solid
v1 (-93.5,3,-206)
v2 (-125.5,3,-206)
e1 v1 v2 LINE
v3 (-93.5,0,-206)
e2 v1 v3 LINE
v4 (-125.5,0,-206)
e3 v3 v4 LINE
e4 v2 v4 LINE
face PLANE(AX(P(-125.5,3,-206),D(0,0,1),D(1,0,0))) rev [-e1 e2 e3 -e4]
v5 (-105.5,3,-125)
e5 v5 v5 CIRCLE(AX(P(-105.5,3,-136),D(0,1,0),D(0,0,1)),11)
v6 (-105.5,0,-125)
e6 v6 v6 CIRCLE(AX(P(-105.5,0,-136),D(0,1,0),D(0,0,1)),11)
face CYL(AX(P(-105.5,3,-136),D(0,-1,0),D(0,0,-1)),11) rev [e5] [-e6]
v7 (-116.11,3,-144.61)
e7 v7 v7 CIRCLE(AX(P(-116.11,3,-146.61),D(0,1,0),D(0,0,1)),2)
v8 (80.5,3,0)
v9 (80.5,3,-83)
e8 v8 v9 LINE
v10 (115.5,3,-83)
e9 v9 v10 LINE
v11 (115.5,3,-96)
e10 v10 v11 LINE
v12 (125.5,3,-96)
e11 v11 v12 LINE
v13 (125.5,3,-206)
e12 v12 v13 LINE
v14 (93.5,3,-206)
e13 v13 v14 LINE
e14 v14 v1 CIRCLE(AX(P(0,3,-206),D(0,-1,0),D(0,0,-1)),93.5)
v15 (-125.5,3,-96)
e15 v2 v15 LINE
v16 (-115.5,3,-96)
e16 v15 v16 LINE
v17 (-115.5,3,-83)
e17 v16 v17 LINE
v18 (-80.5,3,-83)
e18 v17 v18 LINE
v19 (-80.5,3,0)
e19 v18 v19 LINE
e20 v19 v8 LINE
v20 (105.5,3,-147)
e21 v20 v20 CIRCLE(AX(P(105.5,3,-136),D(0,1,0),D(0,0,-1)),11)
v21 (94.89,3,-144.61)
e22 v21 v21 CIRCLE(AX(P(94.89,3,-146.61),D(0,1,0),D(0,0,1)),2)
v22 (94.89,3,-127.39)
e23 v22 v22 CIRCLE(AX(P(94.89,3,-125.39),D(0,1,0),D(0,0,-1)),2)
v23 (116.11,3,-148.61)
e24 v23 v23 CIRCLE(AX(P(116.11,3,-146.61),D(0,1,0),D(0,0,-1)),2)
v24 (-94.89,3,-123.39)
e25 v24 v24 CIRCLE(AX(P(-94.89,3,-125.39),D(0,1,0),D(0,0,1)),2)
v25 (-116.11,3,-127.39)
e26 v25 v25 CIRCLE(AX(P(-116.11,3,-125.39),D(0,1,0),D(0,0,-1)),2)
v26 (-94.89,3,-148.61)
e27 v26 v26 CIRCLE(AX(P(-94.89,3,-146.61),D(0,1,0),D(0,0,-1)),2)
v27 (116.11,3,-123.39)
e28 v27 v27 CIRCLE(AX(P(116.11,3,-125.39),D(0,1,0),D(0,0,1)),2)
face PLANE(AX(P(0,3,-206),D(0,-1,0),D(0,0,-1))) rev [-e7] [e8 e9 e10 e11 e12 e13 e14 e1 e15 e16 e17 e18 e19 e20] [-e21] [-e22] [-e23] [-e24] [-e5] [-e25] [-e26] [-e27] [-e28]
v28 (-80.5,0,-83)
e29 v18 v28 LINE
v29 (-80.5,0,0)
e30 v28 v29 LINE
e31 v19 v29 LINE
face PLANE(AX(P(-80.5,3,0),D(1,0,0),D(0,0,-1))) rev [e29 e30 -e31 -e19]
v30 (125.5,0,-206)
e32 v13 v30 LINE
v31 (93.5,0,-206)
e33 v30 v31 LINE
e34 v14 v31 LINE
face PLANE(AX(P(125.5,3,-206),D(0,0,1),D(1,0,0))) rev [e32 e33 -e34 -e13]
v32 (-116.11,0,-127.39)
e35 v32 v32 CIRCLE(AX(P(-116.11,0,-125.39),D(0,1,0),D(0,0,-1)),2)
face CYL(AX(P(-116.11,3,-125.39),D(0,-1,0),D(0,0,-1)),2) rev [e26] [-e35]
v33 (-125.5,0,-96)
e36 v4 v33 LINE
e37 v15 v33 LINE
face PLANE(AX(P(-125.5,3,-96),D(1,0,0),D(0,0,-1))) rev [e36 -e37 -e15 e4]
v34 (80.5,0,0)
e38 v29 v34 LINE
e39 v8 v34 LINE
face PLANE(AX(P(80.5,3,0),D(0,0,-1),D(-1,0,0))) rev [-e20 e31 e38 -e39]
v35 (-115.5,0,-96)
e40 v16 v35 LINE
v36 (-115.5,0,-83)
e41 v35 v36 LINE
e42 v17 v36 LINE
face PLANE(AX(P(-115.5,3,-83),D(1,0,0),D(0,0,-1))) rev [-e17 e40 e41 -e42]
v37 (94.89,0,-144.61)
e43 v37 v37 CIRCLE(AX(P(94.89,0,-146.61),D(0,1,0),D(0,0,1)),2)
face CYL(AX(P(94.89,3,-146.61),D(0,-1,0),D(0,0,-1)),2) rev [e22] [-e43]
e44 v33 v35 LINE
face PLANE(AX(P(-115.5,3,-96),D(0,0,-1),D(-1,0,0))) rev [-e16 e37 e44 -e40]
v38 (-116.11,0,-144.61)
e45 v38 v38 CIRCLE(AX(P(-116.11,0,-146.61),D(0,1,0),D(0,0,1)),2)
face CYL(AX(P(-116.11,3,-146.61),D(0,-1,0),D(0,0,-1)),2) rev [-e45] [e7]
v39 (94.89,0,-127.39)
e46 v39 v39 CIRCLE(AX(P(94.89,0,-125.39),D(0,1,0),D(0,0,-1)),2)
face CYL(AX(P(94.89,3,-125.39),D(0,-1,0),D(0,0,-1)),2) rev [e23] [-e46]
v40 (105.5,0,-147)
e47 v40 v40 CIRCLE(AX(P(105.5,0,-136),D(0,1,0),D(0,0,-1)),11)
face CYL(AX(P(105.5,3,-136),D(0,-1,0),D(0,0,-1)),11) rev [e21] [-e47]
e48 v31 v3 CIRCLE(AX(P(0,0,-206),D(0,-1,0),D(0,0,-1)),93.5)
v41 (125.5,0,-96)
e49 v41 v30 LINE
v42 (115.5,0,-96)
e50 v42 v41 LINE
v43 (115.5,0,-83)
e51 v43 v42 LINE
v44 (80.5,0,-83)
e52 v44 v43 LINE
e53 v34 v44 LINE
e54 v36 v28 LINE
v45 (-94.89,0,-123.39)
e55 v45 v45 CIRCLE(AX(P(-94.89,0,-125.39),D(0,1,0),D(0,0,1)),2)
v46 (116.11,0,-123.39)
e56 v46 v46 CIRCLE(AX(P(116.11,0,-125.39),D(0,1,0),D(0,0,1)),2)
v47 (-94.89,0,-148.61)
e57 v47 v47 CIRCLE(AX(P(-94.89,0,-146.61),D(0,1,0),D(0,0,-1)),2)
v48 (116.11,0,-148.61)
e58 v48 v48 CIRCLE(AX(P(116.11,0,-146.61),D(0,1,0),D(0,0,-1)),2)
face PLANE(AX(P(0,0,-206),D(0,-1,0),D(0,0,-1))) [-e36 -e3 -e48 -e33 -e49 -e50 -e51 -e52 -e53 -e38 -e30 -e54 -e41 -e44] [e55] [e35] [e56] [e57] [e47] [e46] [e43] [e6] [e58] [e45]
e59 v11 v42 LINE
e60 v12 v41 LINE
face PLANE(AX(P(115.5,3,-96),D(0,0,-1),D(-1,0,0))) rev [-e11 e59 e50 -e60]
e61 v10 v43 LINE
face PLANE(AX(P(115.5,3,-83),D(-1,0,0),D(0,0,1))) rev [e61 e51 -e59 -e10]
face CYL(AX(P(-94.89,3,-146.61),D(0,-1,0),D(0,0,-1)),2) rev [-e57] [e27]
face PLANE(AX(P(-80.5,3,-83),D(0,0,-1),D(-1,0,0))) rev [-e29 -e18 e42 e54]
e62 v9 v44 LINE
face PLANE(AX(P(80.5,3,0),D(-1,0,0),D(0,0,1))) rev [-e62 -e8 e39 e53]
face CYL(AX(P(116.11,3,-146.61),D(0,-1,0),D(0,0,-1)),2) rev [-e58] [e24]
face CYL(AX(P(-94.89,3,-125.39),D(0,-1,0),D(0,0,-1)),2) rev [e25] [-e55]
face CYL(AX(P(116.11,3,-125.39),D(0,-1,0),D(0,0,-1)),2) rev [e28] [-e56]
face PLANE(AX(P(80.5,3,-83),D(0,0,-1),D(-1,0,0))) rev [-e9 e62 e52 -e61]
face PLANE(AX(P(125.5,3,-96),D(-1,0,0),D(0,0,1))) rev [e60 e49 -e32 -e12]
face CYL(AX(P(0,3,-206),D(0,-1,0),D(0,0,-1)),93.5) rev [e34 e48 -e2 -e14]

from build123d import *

# Parameters (mm, degrees)
ESQUISSE1_R      = 2
ESQUISSE1_R_2    = 11
EXTRUSION1_DEPTH = 3


with BuildPart() as part:
    # Esquisse1 → Extrusion1 (new body)
    with BuildSketch(Plane(origin=(0, 0, 0), x_dir=(1, 0, 0), z_dir=(0, 1, 0))):
        with BuildLine():
            Line((80.5, 0), (-80.5, 0))
            Line((-80.5, 0), (-80.5, 83))
            Line((-80.5, 83), (-115.5, 83))
            Line((-115.5, 83), (-115.5, 96))
            Line((-115.5, 96), (-125.5, 96))
            Line((-125.5, 96), (-125.5, 206))
            Line((-125.5, 206), (-93.5, 206))
            ThreePointArc((-93.5, 206), (0, 112.5), (93.5, 206))
            Line((93.5, 206), (125.5, 206))
            Line((125.5, 206), (125.5, 96))
            Line((125.5, 96), (115.5, 96))
            Line((115.5, 96), (115.5, 83))
            Line((115.5, 83), (80.5, 83))
            Line((80.5, 83), (80.5, 0))
        make_face()
        with Locations((94.89, 146.61)):
            Circle(ESQUISSE1_R, mode=Mode.SUBTRACT)
        with Locations((-105.5, 136)):
            Circle(ESQUISSE1_R_2, mode=Mode.SUBTRACT)
        with Locations((-116.11, 146.61)):
            Circle(ESQUISSE1_R, mode=Mode.SUBTRACT)
        with Locations((-116.11, 125.39)):
            Circle(ESQUISSE1_R, mode=Mode.SUBTRACT)
        with Locations((-94.89, 125.39)):
            Circle(ESQUISSE1_R, mode=Mode.SUBTRACT)
        with Locations((-94.89, 146.61)):
            Circle(ESQUISSE1_R, mode=Mode.SUBTRACT)
        with Locations((94.89, 125.39)):
            Circle(ESQUISSE1_R, mode=Mode.SUBTRACT)
        with Locations((116.11, 125.39)):
            Circle(ESQUISSE1_R, mode=Mode.SUBTRACT)
        with Locations((116.11, 146.61)):
            Circle(ESQUISSE1_R, mode=Mode.SUBTRACT)
        with Locations((105.5, 136)):
            Circle(ESQUISSE1_R_2, mode=Mode.SUBTRACT)
    extrude(amount=EXTRUSION1_DEPTH)


solid = part.part
